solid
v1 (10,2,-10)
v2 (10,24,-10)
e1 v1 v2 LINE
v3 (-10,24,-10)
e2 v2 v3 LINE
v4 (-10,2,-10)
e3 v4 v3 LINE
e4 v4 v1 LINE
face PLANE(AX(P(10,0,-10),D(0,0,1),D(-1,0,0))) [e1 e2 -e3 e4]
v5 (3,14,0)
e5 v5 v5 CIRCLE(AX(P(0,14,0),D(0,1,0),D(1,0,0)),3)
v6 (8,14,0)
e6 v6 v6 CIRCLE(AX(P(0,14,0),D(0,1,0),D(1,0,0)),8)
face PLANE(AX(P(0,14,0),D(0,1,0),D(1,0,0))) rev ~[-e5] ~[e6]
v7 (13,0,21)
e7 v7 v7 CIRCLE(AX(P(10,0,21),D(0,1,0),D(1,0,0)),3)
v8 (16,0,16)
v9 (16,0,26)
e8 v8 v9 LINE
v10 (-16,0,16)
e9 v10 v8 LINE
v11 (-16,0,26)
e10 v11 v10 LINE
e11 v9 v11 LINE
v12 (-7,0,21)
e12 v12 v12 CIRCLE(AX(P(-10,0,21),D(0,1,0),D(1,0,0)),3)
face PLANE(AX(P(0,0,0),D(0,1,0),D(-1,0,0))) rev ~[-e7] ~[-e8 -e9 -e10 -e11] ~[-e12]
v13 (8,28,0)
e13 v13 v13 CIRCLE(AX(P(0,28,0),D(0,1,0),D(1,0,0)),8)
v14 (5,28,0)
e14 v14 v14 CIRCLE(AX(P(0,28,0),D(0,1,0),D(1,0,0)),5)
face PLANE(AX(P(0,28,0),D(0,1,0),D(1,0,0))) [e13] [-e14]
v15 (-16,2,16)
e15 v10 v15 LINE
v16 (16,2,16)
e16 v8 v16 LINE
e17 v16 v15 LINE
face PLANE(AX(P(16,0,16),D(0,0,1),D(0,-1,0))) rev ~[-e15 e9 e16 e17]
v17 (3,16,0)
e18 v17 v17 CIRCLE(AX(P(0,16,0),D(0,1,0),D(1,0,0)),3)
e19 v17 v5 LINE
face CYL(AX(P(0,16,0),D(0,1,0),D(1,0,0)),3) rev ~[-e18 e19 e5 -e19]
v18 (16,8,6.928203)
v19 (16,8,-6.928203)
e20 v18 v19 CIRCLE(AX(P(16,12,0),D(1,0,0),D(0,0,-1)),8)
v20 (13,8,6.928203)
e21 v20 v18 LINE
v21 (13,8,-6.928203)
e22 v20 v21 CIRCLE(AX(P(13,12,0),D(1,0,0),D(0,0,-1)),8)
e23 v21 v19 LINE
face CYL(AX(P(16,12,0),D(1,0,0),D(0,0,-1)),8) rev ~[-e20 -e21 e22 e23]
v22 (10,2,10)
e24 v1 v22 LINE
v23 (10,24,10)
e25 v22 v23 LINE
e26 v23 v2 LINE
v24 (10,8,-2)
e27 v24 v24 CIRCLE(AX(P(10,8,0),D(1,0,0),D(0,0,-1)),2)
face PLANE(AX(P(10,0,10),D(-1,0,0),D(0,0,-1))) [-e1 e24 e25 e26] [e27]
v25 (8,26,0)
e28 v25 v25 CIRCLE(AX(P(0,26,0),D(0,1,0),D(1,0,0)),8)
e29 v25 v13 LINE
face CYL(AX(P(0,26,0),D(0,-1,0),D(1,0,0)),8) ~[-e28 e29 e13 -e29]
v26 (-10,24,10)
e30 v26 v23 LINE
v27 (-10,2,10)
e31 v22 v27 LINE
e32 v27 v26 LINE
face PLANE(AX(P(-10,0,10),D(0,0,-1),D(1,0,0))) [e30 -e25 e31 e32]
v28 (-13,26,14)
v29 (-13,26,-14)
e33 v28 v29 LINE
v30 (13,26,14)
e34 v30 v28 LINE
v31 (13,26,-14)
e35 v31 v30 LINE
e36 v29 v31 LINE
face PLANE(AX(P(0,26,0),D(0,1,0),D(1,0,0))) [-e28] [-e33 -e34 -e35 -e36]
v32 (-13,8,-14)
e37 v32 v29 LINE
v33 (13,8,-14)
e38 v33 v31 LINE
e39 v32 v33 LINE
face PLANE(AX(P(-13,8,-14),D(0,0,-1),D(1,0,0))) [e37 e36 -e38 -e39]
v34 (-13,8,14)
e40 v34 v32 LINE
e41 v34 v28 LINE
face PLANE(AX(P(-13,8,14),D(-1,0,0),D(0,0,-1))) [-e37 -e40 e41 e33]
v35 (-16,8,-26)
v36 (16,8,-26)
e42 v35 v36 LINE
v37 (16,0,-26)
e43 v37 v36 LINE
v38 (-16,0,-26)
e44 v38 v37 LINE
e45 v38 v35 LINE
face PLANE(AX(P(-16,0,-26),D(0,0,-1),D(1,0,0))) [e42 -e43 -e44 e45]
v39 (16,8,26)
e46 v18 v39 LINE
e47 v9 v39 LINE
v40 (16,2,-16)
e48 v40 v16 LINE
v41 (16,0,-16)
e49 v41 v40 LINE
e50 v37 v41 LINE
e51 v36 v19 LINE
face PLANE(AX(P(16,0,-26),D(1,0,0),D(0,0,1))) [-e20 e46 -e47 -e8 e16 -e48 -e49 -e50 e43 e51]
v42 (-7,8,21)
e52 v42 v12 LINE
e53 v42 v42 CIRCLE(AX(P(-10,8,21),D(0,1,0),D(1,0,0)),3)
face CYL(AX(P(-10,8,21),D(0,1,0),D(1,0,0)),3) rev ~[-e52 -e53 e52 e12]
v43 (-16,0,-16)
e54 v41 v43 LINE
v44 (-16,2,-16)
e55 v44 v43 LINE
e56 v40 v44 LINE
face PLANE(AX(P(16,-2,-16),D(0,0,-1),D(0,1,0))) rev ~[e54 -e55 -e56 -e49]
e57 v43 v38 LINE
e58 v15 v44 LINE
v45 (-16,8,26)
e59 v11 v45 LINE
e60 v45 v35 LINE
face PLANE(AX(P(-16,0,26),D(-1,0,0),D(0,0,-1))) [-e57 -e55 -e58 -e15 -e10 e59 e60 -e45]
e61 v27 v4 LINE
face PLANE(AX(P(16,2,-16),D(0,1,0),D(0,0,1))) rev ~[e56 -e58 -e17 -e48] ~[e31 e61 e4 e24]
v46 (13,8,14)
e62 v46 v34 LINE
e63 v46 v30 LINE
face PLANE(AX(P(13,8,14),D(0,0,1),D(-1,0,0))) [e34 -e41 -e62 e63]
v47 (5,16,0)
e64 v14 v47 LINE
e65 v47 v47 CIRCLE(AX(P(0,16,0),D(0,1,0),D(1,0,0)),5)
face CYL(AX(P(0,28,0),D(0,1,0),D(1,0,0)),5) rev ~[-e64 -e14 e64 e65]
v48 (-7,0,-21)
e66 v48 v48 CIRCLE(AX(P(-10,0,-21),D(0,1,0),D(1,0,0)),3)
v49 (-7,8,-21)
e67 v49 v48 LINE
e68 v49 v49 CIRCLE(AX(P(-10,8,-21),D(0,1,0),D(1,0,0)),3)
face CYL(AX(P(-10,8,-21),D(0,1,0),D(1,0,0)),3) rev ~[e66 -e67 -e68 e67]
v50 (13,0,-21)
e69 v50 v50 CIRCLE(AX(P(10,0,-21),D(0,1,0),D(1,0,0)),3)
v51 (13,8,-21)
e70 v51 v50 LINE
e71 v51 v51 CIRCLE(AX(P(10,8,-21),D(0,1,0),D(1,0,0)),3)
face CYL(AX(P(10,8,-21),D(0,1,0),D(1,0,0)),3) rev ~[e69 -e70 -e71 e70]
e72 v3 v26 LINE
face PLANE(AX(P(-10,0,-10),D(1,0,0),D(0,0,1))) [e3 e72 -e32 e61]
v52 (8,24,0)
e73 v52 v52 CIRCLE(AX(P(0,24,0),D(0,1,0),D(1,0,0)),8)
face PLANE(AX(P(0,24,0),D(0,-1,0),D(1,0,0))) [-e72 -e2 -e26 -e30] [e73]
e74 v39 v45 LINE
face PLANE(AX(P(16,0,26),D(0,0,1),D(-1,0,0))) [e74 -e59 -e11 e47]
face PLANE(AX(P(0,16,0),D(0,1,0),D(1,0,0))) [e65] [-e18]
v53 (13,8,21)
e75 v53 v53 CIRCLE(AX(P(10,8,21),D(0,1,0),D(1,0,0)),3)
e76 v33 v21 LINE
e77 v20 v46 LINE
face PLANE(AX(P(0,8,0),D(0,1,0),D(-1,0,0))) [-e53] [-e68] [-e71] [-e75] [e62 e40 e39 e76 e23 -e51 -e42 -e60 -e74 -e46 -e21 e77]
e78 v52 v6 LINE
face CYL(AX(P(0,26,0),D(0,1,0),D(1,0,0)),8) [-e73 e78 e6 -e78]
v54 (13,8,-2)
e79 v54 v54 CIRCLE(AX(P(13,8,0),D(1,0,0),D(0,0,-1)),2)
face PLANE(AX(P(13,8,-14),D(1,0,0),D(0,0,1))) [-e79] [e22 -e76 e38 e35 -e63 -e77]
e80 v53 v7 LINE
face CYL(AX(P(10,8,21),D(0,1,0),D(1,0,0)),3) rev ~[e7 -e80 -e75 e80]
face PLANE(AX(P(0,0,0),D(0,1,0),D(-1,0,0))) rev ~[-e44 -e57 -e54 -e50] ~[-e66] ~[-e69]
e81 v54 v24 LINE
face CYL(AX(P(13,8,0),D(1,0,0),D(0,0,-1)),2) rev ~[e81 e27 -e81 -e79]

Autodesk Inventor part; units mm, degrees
ref_plane "YZ Plane" through (0, 0, 0) normal (1, 0, 0) x (0, 1, 0)
ref_plane "XZ Plane" through (0, 0, 0) normal (0, 1, 0) x (-1, 0, 0)
ref_plane "XY Plane" through (0, 0, 0) normal (0, 0, 1) x (1, 0, 0)
sketch "草图1" plane through (0, 0, 0) normal (0, 1, 0) x (-1, 0, 0)
  line L0 (-16, 26) -> (16, 26)
  line L1 (16, 26) -> (16, -26)
  line L2 (16, -26) -> (-16, -26)
  line L3 (-16, -26) -> (-16, 26)
  line L4 (-16, 26) -> (16, -26) construction
  line L5 (16, 26) -> (-16, -26) construction
  point P0 (0, 0)
  dimension "d0" = 52
  dimension "d1" = 32
extrude "拉伸1" add sketch "草图1" along normal blind 8
sketch "草图2" plane through (0, 8, 0) normal (0, 1, 0) x (1, 0, 0)
  line L0 (13, -14) -> (-13, -14)
  line L1 (-13, -14) -> (-13, 14)
  line L2 (-13, 14) -> (13, 14)
  line L3 (13, 14) -> (13, -14)
  line L4 (13, -14) -> (-13, 14) construction
  line L5 (-13, -14) -> (13, 14) construction
  point P0 (0, 0)
  dimension "d4" = 28
  dimension "d5" = 26
extrude "拉伸2" add sketch "草图2" along normal blind 18
sketch "草图3" plane through (16, 0, 26) normal (1, 0, 0) x (0, 0, -1)
  line L0 (10, -2) -> (42, -2)
  line L1 (42, -2) -> (42, 2)
  line L2 (42, 2) -> (10, 2)
  line L3 (10, 2) -> (10, -2)
  line L4 (10, -2) -> (42, 2) construction
  line L5 (42, -2) -> (10, 2) construction
  line L6 (52, 0) -> (0, 0) projected
  point P0 (26, 0)
  dimension "d8" = 2
  dimension "d9" = 32
extrude "拉伸3" cut sketch "草图3" against normal through all
sketch "草图4" plane through (16, 0, -26) normal (1, 0, 0) x (0, 0, -1)
  line L0 (-40, 26) -> (-12, 26) construction
  line L1 (-26, 26) -> (-26, 12) construction
  circle A0 centre (-26, 12) radius 8
  point P0 (-26, 0)
  dimension "d12" = 14
  dimension "d13" = 16
extrude "拉伸4" cut sketch "草图4" against normal up to surface (3 mm away)
sketch "草图5" plane through (0, 8, 0) normal (0, 1, 0) x (1, 0, 0)
  line L0 (10, -21) -> (-10, -21) construction
  line L1 (-10, -21) -> (-10, 21) construction
  line L2 (-10, 21) -> (10, 21) construction
  line L3 (10, 21) -> (10, -21) construction
  line L4 (10, -21) -> (-10, 21) construction
  line L5 (-10, -21) -> (10, 21) construction
  circle A0 centre (-10, -21) radius 3
  circle A1 centre (-10, 21) radius 3
  circle A2 centre (10, 21) radius 3
  circle A3 centre (10, -21) radius 3
  line L6 (16, -26) -> (-16, -26) projected
  point P0 (0, 0)
  dimension "d16" = 6
  dimension "d18" = 20
  dimension "d19" = 5
extrude "拉伸5" cut sketch "草图5" against normal blind 18
sketch "草图6" plane through (0, 0, 0) normal (0, -1, 0) x (1, 0, 0)
  line L0 (-10, 10) -> (10, 10)
  line L1 (10, 10) -> (10, -10)
  line L2 (10, -10) -> (-10, -10)
  line L3 (-10, -10) -> (-10, 10)
  line L4 (-10, 10) -> (10, -10) construction
  line L5 (10, 10) -> (-10, -10) construction
  point P0 (0, 0)
  dimension "d22" = 20
  dimension "d23" = 20
extrude "拉伸6" cut sketch "草图6" against normal blind 24
sketch "草图7" plane through (13, 8, -14) normal (1, 0, 0) x (0, 0, -1)
  line L0 (0, 18) -> (-28, 18) construction
  line L1 (-14, 18) -> (-14, 0) construction
  circle A0 centre (-14, 0) radius 2
  point P0 (-14, -8)
  dimension "d26" = 18
  dimension "d27" = 4
extrude "拉伸7" cut sketch "草图7" against normal up to surface (3 mm away)
sketch "草图8" plane through (0, 26, 0) normal (0, 1, 0) x (1, 0, 0)
  circle A0 centre (0, 0) radius 8
  dimension "d30" = 16
extrude "拉伸8" add sketch "草图8" along normal blind 2 and the other way blind 12
sketch "草图9" plane through (0, 28, 0) normal (0, 1, 0) x (1, 0, 0)
  circle A0 centre (0, 0) radius 5
  dimension "d35" = 10
extrude "拉伸9" cut sketch "草图9" against normal blind 12
sketch "草图10" plane through (0, 16, 0) normal (0, 1, 0) x (1, 0, 0)
  circle A0 centre (0, 0) radius 3
  dimension "d38" = 6
extrude "拉伸10" cut sketch "草图10" against normal blind 12
properties part number "模型3"
